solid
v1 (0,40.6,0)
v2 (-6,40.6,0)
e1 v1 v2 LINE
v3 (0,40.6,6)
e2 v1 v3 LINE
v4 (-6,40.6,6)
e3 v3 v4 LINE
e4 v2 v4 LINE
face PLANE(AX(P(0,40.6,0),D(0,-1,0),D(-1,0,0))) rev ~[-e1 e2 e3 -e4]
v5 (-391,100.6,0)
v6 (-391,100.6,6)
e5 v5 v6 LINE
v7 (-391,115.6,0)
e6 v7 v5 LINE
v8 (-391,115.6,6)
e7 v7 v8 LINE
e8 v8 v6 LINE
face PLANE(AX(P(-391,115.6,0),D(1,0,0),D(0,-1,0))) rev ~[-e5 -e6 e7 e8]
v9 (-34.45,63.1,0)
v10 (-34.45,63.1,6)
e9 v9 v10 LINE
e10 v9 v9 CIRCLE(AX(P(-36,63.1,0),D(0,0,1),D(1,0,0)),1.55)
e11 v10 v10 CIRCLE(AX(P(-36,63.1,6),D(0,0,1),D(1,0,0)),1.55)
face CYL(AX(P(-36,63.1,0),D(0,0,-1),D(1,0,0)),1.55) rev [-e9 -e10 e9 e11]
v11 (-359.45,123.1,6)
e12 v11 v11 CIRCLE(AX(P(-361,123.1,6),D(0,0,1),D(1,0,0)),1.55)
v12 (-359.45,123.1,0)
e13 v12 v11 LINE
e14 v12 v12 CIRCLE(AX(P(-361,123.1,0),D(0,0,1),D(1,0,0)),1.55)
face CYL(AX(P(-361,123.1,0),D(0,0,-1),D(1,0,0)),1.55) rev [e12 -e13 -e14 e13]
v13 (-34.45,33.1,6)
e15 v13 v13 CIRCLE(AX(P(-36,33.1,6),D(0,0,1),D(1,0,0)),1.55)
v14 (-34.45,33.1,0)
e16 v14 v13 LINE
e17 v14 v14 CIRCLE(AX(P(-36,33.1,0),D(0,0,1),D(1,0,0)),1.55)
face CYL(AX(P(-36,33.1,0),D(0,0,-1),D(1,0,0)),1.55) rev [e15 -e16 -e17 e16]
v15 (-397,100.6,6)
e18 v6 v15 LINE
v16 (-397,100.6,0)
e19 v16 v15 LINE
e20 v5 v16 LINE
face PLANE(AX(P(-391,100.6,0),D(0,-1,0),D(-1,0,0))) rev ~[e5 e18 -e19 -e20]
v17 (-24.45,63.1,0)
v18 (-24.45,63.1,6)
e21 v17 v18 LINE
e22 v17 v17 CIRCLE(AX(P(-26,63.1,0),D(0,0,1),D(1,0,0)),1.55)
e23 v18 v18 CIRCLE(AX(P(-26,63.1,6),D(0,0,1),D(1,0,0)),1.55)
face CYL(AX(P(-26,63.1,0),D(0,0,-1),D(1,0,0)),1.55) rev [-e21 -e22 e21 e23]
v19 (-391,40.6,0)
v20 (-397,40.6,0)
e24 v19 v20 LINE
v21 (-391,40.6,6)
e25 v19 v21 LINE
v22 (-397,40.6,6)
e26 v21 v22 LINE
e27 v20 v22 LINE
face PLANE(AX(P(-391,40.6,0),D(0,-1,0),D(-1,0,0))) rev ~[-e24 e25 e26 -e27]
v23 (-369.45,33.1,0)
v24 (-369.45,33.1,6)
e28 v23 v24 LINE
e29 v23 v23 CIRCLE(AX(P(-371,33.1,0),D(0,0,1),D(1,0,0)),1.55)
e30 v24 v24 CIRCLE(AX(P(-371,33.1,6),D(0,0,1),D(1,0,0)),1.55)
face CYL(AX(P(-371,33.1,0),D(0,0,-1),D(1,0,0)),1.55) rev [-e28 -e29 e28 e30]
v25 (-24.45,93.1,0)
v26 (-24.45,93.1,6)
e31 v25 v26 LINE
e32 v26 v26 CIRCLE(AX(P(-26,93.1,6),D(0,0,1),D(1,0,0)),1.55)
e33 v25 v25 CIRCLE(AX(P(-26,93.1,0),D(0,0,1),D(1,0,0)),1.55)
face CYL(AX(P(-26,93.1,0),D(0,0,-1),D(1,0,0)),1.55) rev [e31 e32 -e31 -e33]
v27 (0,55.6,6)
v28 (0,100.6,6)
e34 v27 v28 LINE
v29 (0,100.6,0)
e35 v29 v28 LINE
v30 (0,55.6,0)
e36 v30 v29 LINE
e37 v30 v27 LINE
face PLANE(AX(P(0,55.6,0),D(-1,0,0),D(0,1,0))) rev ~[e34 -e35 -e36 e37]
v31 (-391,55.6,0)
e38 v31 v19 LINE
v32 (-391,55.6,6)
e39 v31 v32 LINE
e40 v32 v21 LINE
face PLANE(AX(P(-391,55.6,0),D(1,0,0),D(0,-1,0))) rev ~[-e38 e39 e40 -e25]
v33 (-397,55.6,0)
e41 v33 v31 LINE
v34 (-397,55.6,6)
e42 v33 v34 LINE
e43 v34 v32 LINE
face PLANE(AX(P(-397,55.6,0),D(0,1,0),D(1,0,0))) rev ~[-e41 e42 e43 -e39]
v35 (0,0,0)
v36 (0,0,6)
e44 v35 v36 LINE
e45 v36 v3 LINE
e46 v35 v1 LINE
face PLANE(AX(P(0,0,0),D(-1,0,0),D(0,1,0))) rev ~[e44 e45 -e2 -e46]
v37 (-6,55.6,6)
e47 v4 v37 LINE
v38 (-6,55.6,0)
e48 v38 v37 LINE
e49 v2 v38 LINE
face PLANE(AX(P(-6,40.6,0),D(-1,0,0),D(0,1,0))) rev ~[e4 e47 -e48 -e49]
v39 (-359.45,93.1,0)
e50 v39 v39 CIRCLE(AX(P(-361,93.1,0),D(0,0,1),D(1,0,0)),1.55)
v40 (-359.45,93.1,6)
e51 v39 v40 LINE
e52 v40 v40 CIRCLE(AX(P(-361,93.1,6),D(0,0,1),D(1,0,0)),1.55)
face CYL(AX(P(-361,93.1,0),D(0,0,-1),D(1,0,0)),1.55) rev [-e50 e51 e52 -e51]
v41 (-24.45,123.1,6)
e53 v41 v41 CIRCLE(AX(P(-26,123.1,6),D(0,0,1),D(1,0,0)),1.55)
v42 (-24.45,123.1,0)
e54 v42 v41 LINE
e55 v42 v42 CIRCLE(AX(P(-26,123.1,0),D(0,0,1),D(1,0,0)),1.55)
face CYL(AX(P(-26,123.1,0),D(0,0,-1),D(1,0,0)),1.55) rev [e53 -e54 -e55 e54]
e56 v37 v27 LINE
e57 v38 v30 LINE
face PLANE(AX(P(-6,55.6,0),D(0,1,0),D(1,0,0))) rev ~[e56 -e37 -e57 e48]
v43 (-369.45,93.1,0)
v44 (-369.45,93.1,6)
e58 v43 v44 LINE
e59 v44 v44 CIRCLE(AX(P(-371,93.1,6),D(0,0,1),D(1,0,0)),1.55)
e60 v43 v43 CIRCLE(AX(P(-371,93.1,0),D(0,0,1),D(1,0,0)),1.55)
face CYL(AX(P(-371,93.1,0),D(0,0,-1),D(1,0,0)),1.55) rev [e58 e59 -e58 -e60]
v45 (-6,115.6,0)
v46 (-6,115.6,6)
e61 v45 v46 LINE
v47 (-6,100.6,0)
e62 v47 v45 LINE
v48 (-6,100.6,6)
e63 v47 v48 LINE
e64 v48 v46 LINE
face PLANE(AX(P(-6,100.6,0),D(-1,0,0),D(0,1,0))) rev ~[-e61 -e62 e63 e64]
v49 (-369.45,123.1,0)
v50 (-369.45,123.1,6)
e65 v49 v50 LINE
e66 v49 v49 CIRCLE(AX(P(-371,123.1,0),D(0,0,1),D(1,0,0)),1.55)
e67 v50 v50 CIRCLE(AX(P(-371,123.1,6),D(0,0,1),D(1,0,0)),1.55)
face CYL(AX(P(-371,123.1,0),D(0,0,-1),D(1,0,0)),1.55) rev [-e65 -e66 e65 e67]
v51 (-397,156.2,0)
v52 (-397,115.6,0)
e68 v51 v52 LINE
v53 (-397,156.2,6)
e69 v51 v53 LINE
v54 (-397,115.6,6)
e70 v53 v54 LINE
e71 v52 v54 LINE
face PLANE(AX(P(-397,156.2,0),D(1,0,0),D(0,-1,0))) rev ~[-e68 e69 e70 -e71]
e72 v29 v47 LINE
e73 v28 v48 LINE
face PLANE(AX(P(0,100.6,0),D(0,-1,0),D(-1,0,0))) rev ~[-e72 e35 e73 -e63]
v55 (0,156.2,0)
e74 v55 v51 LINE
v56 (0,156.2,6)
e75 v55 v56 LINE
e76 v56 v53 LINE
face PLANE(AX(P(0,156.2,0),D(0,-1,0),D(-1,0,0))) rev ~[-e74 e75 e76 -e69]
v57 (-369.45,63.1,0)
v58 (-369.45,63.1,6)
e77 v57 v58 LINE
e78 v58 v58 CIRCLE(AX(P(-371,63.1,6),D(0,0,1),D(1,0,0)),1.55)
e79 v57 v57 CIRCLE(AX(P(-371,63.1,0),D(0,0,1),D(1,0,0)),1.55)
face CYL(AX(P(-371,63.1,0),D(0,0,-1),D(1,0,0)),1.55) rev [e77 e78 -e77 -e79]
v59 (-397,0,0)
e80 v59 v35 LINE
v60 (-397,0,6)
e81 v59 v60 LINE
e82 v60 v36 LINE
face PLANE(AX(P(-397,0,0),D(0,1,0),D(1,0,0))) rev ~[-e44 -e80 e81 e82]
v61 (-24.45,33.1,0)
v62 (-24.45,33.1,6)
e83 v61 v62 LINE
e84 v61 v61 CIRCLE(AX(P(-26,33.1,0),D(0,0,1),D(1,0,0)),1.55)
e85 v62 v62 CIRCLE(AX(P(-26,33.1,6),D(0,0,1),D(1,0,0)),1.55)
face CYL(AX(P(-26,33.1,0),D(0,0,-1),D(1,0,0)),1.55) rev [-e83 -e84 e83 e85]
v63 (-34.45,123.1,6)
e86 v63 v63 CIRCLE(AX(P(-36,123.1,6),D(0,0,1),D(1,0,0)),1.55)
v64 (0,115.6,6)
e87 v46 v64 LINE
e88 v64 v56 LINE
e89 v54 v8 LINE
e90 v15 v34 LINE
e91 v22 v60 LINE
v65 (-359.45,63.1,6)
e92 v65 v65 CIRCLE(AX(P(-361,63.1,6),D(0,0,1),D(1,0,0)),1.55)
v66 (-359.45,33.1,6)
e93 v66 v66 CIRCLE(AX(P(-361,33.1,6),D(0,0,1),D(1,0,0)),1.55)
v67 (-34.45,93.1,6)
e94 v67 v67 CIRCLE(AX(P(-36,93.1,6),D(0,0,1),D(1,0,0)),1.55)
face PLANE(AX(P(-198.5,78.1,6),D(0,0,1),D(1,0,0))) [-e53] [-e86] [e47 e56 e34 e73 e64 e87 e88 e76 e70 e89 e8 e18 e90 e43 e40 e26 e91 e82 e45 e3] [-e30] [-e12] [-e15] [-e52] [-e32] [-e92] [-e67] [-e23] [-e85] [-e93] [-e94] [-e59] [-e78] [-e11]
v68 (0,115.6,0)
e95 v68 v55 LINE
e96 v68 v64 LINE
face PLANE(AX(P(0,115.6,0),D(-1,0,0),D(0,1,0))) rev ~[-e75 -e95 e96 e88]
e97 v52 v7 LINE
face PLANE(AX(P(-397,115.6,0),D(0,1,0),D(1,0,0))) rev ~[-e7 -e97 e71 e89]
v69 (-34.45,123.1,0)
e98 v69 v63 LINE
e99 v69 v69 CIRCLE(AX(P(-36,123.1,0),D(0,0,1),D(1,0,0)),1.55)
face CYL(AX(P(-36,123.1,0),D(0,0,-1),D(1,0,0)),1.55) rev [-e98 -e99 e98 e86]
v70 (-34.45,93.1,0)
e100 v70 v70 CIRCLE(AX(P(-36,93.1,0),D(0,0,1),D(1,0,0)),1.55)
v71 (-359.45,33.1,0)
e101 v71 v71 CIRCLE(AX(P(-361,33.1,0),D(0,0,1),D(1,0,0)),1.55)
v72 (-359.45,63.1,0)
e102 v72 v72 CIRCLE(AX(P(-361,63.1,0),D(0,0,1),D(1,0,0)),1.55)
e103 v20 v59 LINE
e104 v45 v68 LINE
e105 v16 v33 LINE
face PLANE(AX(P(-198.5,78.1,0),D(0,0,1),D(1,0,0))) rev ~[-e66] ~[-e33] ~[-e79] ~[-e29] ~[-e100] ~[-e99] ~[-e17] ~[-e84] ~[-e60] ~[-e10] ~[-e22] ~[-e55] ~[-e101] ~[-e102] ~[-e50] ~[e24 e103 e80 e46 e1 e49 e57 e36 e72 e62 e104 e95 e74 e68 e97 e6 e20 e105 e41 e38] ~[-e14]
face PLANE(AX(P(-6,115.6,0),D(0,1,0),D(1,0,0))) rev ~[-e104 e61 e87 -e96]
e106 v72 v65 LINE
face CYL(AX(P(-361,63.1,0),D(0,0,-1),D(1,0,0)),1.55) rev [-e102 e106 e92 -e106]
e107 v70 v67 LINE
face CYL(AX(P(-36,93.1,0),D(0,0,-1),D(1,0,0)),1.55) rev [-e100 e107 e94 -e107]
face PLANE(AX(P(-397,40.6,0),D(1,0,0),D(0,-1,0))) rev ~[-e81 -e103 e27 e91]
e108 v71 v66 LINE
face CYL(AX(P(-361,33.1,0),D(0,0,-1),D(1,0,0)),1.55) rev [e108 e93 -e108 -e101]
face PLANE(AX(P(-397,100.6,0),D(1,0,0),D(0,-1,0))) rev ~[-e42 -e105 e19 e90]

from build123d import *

# Parameters (mm, degrees)
F0_R     = 1.55
F1_DEPTH = 6


with BuildPart() as f1:
    # F0 (on Top) → F1 (new body)
    with BuildSketch(Plane.XY):
        Polygon((-397, 0), (0, 0), (0, 40.6), (-6, 40.6), (-6, 55.6), (0, 55.6), (0, 100.6), (-6, 100.6), (-6, 115.6), (0, 115.6), (0, 156.2), (-397, 156.2), (-397, 115.6), (-391, 115.6), (-391, 100.6), (-397, 100.6), (-397, 55.6), (-391, 55.6), (-391, 40.6), (-397, 40.6), align=None)
        with Locations((-371, 33.1)):
            Circle(F0_R, mode=Mode.SUBTRACT)
        with Locations((-361, 33.1)):
            Circle(F0_R, mode=Mode.SUBTRACT)
        with Locations((-371, 63.1)):
            Circle(F0_R, mode=Mode.SUBTRACT)
        with Locations((-361, 63.1)):
            Circle(F0_R, mode=Mode.SUBTRACT)
        with Locations((-36, 33.1)):
            Circle(F0_R, mode=Mode.SUBTRACT)
        with Locations((-26, 33.1)):
            Circle(F0_R, mode=Mode.SUBTRACT)
        with Locations((-36, 63.1)):
            Circle(F0_R, mode=Mode.SUBTRACT)
        with Locations((-26, 63.1)):
            Circle(F0_R, mode=Mode.SUBTRACT)
        with Locations((-371, 93.1)):
            Circle(F0_R, mode=Mode.SUBTRACT)
        with Locations((-361, 93.1)):
            Circle(F0_R, mode=Mode.SUBTRACT)
        with Locations((-371, 123.1)):
            Circle(F0_R, mode=Mode.SUBTRACT)
        with Locations((-361, 123.1)):
            Circle(F0_R, mode=Mode.SUBTRACT)
        with Locations((-36, 93.1)):
            Circle(F0_R, mode=Mode.SUBTRACT)
        with Locations((-26, 93.1)):
            Circle(F0_R, mode=Mode.SUBTRACT)
        with Locations((-36, 123.1)):
            Circle(F0_R, mode=Mode.SUBTRACT)
        with Locations((-26, 123.1)):
            Circle(F0_R, mode=Mode.SUBTRACT)
    extrude(amount=F1_DEPTH)


solid = f1.part
